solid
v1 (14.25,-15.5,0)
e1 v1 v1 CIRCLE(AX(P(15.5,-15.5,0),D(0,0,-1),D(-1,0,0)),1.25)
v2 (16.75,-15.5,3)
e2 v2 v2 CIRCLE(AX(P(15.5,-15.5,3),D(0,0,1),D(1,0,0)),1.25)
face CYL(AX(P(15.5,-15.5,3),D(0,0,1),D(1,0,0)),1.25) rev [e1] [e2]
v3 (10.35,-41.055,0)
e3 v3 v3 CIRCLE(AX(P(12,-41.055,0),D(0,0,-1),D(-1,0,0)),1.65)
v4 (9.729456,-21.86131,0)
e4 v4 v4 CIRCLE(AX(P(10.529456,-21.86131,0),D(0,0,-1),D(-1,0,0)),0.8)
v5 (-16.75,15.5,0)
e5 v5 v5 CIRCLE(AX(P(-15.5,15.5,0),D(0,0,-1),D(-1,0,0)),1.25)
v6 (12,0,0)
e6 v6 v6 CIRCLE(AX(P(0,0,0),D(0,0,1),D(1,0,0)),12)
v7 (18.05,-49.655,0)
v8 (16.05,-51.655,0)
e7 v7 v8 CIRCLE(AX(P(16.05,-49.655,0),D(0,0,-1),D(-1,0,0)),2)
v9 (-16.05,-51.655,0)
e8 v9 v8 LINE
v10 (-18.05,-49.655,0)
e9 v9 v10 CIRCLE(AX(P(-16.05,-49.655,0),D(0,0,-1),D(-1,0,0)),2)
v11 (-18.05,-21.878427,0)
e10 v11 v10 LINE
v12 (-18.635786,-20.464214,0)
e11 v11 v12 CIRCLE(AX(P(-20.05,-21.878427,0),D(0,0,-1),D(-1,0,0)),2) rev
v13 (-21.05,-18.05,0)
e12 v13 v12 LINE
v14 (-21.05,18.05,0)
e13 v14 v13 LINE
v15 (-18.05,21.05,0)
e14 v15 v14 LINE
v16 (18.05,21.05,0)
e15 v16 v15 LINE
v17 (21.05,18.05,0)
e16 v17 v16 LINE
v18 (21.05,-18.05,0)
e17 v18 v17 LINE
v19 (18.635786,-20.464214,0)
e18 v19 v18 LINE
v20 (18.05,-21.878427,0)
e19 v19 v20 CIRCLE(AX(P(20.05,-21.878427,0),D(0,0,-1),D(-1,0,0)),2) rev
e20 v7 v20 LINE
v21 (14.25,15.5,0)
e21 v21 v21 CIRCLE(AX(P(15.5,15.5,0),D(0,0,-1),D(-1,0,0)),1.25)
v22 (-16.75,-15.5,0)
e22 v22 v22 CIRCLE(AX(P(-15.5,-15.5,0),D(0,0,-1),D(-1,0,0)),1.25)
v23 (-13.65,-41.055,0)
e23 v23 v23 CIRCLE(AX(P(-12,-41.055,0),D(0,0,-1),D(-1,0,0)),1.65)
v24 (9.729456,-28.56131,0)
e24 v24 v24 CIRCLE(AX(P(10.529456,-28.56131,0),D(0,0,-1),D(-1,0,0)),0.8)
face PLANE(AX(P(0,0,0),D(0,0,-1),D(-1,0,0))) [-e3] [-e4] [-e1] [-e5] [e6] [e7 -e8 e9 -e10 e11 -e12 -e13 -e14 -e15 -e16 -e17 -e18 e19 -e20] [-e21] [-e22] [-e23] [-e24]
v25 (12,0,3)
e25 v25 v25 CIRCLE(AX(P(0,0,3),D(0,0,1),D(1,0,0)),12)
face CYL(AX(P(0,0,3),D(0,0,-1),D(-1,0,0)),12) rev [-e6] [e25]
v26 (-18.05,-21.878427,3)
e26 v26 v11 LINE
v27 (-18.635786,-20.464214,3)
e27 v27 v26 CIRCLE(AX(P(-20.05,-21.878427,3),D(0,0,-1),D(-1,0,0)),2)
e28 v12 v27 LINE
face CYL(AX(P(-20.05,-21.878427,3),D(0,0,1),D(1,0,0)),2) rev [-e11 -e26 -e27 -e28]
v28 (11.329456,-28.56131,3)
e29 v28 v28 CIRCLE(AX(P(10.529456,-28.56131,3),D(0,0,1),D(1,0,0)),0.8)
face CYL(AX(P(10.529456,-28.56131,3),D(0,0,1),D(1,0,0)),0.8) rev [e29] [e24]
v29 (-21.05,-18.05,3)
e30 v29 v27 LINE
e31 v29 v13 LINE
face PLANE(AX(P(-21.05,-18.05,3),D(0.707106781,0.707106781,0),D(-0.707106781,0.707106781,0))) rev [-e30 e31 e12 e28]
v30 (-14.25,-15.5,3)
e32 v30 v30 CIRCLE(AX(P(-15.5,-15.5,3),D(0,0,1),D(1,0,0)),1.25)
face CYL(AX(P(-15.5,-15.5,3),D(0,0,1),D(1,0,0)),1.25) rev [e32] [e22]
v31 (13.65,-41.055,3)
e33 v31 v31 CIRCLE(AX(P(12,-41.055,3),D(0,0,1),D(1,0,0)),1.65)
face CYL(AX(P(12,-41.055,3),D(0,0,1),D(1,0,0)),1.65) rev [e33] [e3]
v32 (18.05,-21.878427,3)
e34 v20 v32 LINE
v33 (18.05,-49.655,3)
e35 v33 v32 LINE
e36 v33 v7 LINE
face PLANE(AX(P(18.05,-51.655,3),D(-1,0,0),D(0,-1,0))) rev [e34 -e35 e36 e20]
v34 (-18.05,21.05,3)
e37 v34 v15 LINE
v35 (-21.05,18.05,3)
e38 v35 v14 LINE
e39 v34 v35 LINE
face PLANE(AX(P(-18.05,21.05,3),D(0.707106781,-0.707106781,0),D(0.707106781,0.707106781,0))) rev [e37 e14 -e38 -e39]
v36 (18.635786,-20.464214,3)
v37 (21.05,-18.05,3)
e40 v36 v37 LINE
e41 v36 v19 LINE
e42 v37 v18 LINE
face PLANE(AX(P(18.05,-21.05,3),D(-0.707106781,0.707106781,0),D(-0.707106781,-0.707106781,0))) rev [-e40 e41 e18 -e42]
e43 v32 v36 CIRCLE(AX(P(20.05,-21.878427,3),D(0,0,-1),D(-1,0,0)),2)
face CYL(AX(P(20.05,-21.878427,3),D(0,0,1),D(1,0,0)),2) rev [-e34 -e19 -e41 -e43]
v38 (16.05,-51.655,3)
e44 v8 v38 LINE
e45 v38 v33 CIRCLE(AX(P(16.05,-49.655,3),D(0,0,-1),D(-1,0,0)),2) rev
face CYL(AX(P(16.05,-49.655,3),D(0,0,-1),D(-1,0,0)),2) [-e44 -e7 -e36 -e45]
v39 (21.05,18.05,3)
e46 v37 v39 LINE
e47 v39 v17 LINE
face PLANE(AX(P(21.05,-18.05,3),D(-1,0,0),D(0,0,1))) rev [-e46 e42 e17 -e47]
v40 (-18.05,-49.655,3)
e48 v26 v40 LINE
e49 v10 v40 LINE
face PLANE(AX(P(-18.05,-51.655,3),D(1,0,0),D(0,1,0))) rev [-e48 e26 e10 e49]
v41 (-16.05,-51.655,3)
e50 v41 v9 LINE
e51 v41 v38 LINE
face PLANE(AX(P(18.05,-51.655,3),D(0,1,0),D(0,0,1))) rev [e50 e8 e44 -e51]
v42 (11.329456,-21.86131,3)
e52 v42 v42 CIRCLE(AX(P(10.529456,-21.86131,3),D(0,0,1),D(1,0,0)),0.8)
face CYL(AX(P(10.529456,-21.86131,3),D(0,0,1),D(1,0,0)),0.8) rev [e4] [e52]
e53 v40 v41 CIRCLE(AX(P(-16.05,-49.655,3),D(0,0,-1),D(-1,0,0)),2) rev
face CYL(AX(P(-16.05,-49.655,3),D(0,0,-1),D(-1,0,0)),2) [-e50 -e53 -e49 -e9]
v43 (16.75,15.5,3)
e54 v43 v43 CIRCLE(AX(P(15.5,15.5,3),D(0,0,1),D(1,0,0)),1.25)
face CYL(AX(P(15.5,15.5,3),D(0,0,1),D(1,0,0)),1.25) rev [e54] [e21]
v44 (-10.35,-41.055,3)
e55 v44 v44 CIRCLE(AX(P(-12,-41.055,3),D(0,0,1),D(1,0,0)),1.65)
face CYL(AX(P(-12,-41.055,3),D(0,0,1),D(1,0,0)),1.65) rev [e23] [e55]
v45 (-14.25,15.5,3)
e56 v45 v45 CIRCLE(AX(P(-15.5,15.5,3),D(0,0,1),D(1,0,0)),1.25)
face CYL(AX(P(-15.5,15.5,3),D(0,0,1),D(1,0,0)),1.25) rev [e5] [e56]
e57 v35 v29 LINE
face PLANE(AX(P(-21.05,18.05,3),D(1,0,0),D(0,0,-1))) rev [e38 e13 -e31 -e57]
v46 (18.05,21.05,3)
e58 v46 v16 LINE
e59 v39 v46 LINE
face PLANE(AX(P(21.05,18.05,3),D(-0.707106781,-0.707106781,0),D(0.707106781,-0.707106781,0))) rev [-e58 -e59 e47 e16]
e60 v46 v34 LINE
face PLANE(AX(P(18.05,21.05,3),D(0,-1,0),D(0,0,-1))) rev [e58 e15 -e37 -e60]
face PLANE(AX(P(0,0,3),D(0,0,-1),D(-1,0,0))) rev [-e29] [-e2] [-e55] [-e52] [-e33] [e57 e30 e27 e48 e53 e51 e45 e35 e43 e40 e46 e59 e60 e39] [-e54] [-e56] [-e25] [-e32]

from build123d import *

# Parameters (mm, degrees)
SKETCH1_R                   = 12
BOSS_EXTRUDE1_DEPTH         = 3
TAP_DRILL_FOR_M3_TAP1_D     = 2.5
TAP_DRILL_FOR_M3_TAP1_DEPTH = 5
TAP_DRILL_FOR_M3_TAP1_TIP   = 0.751075774
TAP_DRILL_FOR_M4_TAP1_D     = 3.3
TAP_DRILL_FOR_M4_TAP1_DEPTH = 5
TAP_DRILL_FOR_M4_TAP1_TIP   = 0.991420021
FILLET1_R                   = 2
TAP_DRILL_FOR_M2_TAP1_D     = 1.6
TAP_DRILL_FOR_M2_TAP1_DEPTH = 5
TAP_DRILL_FOR_M2_TAP1_TIP   = 0.480688495


with BuildPart() as part:
    # Sketch1 → Boss-Extrude1 (new body)
    with BuildSketch(Plane.XY):
        Polygon((18.05, -51.655), (18.05, -21.05), (21.05, -18.05), (21.05, 18.05), (18.05, 21.05), (-18.05, 21.05), (-21.05, 18.05), (-21.05, -18.05), (-18.05, -21.05), (-18.05, -51.655), align=None)
        Circle(SKETCH1_R, mode=Mode.SUBTRACT)
    extrude(amount=BOSS_EXTRUDE1_DEPTH)

    # Tap Drill for M3 Tap1
    with Locations(Plane.XY.offset(3)):
        with Locations((-15.5, 15.5), (15.5, 15.5), (-15.5, -15.5), (15.5, -15.5)):
            Hole(TAP_DRILL_FOR_M3_TAP1_D / 2, depth=TAP_DRILL_FOR_M3_TAP1_DEPTH)
            with Locations((0, 0, -(TAP_DRILL_FOR_M3_TAP1_DEPTH + TAP_DRILL_FOR_M3_TAP1_TIP / 2))):  # 118° drill point
                Cone(0, TAP_DRILL_FOR_M3_TAP1_D / 2, TAP_DRILL_FOR_M3_TAP1_TIP, mode=Mode.SUBTRACT)

    # Tap Drill for M4 Tap1
    with Locations(Plane.XY.offset(3)):
        with Locations((-12, -41.055), (12, -41.055)):
            Hole(TAP_DRILL_FOR_M4_TAP1_D / 2, depth=TAP_DRILL_FOR_M4_TAP1_DEPTH)
            with Locations((0, 0, -(TAP_DRILL_FOR_M4_TAP1_DEPTH + TAP_DRILL_FOR_M4_TAP1_TIP / 2))):  # 118° drill point
                Cone(0, TAP_DRILL_FOR_M4_TAP1_D / 2, TAP_DRILL_FOR_M4_TAP1_TIP, mode=Mode.SUBTRACT)

    # Fillet1
    fillet1_edges = [part.edges().sort_by_distance(p)[0] for p in [
        (18.05, -21.05, 1.5),
        (18.05, -51.655, 1.5),
        (-18.05, -51.655, 1.5),
        (-18.05, -21.05, 1.5),
    ]]
    fillet(fillet1_edges, radius=FILLET1_R)

    # Tap Drill for M2 Tap1
    with Locations(Plane.XY.offset(3)):
        with Locations((10.52945603, -21.86131015), (10.52945603, -28.56131015)):
            Hole(TAP_DRILL_FOR_M2_TAP1_D / 2, depth=TAP_DRILL_FOR_M2_TAP1_DEPTH)
            with Locations((0, 0, -(TAP_DRILL_FOR_M2_TAP1_DEPTH + TAP_DRILL_FOR_M2_TAP1_TIP / 2))):  # 118° drill point
                Cone(0, TAP_DRILL_FOR_M2_TAP1_D / 2, TAP_DRILL_FOR_M2_TAP1_TIP, mode=Mode.SUBTRACT)


solid = part.part
